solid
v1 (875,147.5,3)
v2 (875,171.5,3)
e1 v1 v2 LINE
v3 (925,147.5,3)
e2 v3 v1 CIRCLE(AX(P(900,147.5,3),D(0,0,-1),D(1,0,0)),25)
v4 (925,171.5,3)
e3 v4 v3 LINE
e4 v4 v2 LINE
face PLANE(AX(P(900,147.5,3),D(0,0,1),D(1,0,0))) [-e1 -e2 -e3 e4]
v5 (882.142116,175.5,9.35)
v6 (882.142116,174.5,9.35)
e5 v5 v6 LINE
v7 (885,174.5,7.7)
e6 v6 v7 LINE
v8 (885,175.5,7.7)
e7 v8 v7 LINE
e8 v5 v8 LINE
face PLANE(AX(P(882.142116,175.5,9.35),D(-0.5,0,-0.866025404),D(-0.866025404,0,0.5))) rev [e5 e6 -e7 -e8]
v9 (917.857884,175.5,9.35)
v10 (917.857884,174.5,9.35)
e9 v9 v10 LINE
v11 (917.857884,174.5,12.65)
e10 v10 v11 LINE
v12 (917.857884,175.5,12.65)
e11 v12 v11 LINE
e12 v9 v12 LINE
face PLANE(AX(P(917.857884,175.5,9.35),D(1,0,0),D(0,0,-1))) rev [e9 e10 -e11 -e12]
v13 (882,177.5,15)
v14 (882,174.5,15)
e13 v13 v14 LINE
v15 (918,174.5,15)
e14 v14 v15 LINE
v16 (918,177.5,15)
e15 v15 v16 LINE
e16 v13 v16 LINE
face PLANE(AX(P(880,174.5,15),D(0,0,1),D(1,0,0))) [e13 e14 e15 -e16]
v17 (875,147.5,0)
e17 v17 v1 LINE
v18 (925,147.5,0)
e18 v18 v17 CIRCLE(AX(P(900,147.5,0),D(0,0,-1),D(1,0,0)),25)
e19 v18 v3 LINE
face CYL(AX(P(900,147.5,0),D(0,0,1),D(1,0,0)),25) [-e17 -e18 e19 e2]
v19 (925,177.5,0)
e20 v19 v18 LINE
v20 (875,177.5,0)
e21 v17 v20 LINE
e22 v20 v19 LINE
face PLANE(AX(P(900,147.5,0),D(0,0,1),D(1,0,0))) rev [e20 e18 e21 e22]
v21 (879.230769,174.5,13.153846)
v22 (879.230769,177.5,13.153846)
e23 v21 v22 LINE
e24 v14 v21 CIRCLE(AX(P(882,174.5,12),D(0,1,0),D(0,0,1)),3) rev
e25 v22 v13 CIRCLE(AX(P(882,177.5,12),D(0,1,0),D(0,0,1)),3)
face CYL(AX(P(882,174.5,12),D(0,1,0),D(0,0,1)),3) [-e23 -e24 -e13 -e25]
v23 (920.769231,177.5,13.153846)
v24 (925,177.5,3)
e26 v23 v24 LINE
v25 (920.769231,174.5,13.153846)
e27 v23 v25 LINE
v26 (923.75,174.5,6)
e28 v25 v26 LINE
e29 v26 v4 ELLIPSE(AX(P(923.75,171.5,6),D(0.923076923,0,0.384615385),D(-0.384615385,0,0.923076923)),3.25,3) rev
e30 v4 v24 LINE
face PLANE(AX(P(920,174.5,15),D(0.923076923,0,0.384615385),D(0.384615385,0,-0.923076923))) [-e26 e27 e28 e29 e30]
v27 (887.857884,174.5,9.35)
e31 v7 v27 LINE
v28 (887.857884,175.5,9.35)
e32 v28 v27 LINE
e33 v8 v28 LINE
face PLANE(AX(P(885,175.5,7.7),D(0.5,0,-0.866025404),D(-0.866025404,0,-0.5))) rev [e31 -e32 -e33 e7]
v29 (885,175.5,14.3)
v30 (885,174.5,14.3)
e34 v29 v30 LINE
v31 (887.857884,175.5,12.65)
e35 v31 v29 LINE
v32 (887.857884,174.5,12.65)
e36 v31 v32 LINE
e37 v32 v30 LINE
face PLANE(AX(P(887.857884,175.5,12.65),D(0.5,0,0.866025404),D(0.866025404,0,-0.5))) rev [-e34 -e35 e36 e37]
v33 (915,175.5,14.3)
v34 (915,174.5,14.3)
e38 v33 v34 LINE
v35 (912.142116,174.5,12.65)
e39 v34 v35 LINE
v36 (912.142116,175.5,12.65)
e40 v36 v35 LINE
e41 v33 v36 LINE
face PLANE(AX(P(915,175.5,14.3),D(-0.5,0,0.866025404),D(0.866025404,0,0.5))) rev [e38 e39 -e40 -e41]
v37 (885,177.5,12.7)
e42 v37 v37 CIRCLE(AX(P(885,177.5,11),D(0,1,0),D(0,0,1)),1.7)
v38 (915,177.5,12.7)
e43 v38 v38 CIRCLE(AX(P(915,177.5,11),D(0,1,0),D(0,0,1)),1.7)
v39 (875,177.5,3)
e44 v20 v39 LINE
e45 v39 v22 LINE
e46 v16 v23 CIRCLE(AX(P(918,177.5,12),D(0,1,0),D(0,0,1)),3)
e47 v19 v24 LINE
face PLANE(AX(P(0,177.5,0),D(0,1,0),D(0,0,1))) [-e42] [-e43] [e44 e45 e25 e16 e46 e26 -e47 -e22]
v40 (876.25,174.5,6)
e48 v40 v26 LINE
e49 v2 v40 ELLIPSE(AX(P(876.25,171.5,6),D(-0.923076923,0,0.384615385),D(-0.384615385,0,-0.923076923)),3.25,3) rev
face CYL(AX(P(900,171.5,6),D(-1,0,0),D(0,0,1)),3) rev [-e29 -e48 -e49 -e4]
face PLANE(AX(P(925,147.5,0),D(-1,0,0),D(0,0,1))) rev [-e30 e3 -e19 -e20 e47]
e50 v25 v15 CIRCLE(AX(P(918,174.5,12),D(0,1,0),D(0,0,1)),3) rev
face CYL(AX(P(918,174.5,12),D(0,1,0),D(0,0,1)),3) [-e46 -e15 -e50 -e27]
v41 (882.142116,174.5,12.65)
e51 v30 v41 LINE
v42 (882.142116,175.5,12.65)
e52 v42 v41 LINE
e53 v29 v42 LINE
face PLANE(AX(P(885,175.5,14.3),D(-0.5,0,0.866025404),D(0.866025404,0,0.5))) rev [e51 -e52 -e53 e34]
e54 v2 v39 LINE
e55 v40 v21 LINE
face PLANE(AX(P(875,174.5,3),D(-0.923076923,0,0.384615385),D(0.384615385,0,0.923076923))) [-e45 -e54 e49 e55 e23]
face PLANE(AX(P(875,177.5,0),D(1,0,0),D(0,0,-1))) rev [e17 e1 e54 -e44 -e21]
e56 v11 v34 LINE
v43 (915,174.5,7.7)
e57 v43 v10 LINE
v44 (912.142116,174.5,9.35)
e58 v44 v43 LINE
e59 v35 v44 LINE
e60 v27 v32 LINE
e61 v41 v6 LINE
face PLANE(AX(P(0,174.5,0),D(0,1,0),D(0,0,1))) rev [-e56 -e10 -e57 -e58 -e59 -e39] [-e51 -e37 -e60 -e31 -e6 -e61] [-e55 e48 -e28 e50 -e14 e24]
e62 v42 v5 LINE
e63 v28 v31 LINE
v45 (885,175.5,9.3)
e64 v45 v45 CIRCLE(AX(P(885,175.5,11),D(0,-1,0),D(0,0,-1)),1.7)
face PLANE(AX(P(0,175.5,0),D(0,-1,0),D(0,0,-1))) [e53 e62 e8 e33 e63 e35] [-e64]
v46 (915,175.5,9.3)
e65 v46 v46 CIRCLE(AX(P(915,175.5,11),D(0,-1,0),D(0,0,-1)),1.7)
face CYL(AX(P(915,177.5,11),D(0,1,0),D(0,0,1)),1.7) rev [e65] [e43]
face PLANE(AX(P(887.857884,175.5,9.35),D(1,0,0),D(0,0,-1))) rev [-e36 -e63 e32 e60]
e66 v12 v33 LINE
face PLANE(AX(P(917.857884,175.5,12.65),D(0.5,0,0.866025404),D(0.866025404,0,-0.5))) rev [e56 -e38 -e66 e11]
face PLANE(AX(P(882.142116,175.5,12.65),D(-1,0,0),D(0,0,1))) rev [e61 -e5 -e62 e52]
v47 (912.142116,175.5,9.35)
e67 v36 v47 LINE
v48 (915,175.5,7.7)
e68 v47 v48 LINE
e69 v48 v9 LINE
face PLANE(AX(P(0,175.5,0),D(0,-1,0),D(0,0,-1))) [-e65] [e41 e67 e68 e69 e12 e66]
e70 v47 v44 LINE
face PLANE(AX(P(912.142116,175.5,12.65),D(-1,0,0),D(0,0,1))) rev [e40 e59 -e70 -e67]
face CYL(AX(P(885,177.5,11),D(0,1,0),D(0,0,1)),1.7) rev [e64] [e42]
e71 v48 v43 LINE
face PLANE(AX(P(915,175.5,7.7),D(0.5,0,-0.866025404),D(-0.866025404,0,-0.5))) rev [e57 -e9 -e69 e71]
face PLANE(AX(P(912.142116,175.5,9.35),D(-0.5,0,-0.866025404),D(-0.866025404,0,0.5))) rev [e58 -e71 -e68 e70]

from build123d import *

# Parameters (mm, degrees)
EXTRUDE_1_DEPTH             = 3
EXTRUDE_2_DEPTH             = 3
CUT_EXTRUDE_1_DEPTH         = 1
CUT_EXTRUDE_2_DEPTH         = 1
HOLE_WIZARD_3_4_3_4_1_D     = 3.4
HOLE_WIZARD_3_4_3_4_1_DEPTH = 55
FILLET_1_R                  = 3


with BuildPart() as part:
    # 草图1 → 凸台-拉伸1 (new body)
    with BuildSketch(Plane(origin=(0, 177.5, 0), x_dir=(1, 0, 0), z_dir=(0, 1, 0))):
        Polygon((920, -15), (925, -3), (875, -3), (880, -15), align=None)
    extrude(amount=-EXTRUDE_1_DEPTH)

    # 草图2 → 凸台-拉伸2 (add)
    with BuildSketch(Plane(origin=(0, 0, 3), x_dir=(-1, 0, 0), z_dir=(0, 0, -1))):
        with BuildLine():
            Line((-925, 147.5), (-925, 177.5))
            Line((-925, 177.5), (-875, 177.5))
            Line((-875, 177.5), (-875, 147.5))
            ThreePointArc((-875, 147.5), (-900, 122.5), (-925, 147.5))
        make_face()
    extrude(amount=EXTRUDE_2_DEPTH)

    # 草图3 → 切除-拉伸1 (cut)
    with BuildSketch(Plane.XZ.offset(-174.5)):
        Polygon((912.142116168, 12.65), (912.142116168, 9.35), (915, 7.7), (917.857883832, 9.35), (917.857883832, 12.65), (915, 14.3), align=None)
    extrude(amount=-CUT_EXTRUDE_1_DEPTH, mode=Mode.SUBTRACT)

    # 草图4 → 切除-拉伸2 (cut)
    with BuildSketch(Plane.XZ.offset(-174.5)):
        Polygon((882.142116168, 9.35), (885, 7.7), (887.857883832, 9.35), (887.857883832, 12.65), (885, 14.3), (882.142116168, 12.65), align=None)
    extrude(amount=-CUT_EXTRUDE_2_DEPTH, mode=Mode.SUBTRACT)

    # Ø3.4 (3.4) 直径孔1
    with Locations(Plane(origin=(0, 177.5, 0), x_dir=(1, 0, 0), z_dir=(0, 1, 0))):
        with Locations((885, -11), (915, -11)):
            Hole(HOLE_WIZARD_3_4_3_4_1_D / 2, depth=HOLE_WIZARD_3_4_3_4_1_DEPTH)

    # 圆角1
    fillet_1_edges = [part.edges().sort_by_distance(p)[0] for p in [
        (900, 174.5, 3),
        (880, 176, 15),
        (920, 176, 15),
    ]]
    fillet(fillet_1_edges, radius=FILLET_1_R)


solid = part.part
